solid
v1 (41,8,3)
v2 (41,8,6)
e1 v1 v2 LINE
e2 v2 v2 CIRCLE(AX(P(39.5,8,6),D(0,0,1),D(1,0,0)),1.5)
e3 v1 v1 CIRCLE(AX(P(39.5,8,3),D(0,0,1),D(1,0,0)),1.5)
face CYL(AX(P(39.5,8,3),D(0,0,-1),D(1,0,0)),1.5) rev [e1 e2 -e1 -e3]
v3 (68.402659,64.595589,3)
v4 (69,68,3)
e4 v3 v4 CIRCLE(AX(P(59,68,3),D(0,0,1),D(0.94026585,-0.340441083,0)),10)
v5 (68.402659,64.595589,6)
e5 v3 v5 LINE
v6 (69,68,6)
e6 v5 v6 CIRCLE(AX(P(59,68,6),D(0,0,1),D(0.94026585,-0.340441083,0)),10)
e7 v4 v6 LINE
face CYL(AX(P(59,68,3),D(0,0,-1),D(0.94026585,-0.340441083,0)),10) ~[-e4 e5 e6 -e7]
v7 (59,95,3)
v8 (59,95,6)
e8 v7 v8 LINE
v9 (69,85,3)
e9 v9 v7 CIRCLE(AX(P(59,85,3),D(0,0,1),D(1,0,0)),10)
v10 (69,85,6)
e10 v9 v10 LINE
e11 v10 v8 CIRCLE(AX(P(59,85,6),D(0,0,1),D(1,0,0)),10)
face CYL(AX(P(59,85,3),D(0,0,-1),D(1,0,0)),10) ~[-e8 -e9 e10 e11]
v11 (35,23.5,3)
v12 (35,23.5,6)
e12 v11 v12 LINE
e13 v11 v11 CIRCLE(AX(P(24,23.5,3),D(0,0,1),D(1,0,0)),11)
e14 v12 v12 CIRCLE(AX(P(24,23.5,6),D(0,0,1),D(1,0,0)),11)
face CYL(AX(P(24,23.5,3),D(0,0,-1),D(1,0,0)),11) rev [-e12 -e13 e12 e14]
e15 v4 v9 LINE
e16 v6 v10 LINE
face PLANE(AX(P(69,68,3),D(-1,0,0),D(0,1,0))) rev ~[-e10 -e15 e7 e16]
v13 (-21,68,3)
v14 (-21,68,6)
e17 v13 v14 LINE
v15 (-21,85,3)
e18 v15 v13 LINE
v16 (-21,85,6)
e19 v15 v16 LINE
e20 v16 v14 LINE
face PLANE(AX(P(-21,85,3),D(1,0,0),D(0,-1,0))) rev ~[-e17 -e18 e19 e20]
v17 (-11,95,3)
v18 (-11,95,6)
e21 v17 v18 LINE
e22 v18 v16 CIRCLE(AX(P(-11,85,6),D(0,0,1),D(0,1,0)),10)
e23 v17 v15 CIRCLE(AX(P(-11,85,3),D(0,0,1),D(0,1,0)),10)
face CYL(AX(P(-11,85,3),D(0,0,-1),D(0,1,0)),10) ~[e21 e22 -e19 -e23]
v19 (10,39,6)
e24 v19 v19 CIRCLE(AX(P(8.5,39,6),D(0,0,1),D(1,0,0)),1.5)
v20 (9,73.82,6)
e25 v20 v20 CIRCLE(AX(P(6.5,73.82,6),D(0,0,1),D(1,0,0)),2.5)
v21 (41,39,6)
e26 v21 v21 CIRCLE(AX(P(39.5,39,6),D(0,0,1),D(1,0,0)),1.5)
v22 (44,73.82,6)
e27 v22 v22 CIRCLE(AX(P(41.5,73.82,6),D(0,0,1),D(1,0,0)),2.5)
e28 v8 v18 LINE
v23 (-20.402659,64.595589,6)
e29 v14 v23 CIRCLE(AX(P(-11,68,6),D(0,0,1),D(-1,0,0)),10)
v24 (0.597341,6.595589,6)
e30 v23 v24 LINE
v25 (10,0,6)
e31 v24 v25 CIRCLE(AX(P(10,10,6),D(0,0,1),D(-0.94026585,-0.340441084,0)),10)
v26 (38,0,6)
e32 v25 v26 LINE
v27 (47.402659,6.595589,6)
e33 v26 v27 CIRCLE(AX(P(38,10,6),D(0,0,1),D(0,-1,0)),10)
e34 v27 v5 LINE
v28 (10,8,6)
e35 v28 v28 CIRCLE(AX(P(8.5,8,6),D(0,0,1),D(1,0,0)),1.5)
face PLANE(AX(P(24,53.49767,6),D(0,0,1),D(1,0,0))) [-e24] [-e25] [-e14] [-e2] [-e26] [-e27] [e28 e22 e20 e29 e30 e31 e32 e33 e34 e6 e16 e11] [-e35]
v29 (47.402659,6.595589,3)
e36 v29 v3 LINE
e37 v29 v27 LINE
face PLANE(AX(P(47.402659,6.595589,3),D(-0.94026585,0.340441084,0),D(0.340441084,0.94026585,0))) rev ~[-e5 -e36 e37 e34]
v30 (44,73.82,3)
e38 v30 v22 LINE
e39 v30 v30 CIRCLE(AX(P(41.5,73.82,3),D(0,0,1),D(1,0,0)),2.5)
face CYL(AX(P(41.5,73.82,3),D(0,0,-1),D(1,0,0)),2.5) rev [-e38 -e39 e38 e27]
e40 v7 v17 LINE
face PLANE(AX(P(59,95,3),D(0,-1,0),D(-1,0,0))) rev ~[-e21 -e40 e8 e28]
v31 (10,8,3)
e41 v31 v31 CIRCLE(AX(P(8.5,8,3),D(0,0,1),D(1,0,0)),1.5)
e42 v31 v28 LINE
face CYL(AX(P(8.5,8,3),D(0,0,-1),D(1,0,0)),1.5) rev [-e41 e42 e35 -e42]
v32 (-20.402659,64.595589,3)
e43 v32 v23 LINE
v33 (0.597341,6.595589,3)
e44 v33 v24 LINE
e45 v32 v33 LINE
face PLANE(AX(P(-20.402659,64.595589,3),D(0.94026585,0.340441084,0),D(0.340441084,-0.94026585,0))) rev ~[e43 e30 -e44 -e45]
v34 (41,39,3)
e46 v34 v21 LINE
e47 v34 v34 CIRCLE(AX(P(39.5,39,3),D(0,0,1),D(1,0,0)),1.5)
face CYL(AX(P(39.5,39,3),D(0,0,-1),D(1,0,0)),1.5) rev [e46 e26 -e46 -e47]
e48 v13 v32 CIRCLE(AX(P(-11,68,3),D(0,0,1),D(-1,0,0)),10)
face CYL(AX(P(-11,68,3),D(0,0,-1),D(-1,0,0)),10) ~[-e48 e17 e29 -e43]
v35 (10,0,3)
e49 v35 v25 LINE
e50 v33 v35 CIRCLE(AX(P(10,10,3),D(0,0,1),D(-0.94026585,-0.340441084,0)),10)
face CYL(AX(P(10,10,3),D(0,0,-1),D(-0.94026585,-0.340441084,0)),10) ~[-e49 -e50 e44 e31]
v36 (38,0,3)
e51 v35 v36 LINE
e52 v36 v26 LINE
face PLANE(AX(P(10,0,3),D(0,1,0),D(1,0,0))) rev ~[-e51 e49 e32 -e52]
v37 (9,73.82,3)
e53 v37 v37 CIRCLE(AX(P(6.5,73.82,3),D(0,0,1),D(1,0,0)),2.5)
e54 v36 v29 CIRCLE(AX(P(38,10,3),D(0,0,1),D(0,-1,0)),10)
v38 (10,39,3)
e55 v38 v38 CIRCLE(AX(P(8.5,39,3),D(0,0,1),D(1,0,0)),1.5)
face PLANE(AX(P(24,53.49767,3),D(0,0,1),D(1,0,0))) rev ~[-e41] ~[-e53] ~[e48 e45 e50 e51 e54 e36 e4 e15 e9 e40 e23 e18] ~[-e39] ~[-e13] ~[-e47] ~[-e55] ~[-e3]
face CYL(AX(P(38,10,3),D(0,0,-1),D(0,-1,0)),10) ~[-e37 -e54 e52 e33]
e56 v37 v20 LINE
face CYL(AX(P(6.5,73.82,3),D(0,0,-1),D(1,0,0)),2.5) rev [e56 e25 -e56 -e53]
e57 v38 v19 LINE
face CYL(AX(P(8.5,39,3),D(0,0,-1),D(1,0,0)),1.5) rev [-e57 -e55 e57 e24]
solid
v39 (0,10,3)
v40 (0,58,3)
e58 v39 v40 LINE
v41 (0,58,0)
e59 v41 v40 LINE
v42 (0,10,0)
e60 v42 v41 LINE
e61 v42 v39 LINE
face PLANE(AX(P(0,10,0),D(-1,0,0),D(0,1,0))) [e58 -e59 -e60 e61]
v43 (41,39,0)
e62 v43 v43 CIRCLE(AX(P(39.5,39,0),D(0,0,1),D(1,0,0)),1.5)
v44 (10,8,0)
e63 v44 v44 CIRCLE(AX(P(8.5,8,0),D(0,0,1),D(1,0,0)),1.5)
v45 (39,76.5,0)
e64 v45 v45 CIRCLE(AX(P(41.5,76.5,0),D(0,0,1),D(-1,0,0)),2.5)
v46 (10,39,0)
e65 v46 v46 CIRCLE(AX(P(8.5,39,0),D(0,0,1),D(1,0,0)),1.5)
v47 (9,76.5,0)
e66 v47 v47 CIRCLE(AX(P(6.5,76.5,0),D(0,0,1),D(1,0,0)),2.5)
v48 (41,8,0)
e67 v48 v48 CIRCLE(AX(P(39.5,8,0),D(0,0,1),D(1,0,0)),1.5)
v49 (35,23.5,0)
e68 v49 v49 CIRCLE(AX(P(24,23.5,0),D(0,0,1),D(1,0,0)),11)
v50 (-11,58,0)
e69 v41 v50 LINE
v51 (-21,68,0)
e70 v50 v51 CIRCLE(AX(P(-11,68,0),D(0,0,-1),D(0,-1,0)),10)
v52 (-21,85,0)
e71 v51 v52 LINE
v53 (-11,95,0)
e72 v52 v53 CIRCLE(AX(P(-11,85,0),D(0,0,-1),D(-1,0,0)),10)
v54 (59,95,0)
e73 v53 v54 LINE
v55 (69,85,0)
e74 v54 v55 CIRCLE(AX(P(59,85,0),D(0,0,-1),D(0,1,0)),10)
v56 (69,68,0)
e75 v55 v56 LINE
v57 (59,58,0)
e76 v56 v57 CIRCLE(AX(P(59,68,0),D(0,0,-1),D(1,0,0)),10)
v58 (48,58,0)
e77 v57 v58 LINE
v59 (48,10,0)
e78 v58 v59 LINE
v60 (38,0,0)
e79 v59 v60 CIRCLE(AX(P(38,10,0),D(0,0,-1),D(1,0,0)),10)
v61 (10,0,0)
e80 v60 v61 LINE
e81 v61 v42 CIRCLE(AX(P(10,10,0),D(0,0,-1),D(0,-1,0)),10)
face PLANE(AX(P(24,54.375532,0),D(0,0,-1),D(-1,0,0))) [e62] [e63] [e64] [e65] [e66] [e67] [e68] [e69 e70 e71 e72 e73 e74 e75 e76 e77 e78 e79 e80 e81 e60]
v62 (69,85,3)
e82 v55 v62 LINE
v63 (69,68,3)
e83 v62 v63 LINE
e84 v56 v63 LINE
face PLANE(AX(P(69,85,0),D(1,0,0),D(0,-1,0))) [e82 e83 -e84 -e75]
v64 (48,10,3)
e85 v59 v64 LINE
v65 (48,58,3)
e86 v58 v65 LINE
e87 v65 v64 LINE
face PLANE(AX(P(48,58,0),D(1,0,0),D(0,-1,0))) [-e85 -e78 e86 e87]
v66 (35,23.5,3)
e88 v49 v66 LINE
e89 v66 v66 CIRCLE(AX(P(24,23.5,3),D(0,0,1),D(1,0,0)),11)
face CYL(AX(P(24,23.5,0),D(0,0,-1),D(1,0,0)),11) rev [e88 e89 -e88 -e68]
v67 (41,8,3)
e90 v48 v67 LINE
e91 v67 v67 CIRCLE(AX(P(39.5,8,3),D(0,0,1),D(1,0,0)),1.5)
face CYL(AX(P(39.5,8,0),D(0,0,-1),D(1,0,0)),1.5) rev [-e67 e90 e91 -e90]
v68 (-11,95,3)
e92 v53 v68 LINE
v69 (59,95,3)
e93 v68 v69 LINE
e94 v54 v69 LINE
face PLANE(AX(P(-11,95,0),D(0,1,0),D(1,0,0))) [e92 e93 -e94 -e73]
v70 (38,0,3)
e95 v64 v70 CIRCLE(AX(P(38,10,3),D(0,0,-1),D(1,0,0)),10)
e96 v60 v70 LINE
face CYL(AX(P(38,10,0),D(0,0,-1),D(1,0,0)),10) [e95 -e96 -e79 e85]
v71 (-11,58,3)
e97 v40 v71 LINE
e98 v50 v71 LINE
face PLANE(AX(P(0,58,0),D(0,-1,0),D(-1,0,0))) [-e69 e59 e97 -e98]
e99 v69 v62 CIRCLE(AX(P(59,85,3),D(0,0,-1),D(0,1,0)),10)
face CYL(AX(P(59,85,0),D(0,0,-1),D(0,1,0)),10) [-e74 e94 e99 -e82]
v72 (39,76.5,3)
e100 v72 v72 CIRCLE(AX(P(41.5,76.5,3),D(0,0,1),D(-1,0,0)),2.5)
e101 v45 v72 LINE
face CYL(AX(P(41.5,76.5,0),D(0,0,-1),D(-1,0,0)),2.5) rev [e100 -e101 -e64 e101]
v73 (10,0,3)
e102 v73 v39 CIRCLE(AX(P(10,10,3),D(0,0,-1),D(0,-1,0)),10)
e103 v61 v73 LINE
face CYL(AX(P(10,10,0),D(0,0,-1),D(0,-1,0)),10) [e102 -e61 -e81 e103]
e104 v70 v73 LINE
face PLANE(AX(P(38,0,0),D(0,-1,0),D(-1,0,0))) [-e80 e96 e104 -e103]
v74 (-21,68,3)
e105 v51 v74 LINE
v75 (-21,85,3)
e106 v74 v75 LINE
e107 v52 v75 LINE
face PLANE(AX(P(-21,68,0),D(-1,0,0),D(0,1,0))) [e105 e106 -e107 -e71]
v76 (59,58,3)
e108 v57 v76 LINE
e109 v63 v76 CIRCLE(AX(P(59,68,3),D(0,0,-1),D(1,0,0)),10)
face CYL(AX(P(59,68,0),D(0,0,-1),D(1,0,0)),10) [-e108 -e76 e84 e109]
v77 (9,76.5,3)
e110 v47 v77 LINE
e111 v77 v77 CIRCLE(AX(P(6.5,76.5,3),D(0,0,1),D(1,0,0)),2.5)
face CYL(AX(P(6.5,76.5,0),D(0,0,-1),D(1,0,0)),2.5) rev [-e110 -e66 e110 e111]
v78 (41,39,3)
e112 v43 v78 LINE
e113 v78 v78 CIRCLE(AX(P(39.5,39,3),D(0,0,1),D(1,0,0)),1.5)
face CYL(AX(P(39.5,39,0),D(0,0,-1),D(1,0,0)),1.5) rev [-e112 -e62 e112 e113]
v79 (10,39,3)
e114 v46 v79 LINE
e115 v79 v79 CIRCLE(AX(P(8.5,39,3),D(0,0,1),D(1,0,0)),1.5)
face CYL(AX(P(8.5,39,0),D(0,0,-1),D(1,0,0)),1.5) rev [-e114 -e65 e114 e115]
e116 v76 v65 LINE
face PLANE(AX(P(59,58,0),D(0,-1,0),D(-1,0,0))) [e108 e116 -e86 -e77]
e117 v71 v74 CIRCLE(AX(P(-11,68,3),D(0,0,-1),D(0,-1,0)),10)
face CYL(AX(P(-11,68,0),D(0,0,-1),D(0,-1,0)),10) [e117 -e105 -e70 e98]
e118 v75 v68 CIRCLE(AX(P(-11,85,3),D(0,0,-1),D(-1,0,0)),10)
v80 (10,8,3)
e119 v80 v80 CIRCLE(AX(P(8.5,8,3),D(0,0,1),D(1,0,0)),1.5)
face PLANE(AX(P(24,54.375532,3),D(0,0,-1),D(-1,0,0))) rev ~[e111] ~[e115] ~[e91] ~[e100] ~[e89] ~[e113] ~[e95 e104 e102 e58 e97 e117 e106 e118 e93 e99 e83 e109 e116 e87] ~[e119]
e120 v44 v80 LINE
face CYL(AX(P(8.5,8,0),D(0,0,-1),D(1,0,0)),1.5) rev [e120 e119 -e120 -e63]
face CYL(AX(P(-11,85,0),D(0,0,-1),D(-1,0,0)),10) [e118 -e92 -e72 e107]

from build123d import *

# Parameters (mm, degrees)
CROQUIS1_R              = 1.5
CROQUIS1_R_2            = 2.5
CROQUIS1_R_3            = 11
SALIENTE_EXTRUIR1_DEPTH = 3
CROQUIS2_R              = 2.5
CROQUIS2_R_2            = 1.5
CROQUIS2_R_3            = 11
SALIENTE_EXTRUIR2_DEPTH = 3


with BuildPart() as part:
    # Croquis1 → Saliente-Extruir1 (new body)
    with BuildSketch(Plane.XY):
        with BuildLine():
            Line((0, 10), (0, 58))
            Line((0, 58), (-11, 58))
            ThreePointArc((-11, 58), (-18.071067812, 60.928932188), (-21, 68))
            Line((-21, 68), (-21, 85))
            ThreePointArc((-21, 85), (-18.071067812, 92.071067812), (-11, 95))
            Line((-11, 95), (59, 95))
            ThreePointArc((59, 95), (66.071067812, 92.071067812), (69, 85))
            Line((69, 85), (69, 68))
            ThreePointArc((69, 68), (66.071067812, 60.928932188), (59, 58))
            Line((59, 58), (48, 58))
            Line((48, 58), (48, 10))
            ThreePointArc((48, 10), (45.071067812, 2.928932188), (38, 0))
            Line((38, 0), (10, 0))
            ThreePointArc((10, 0), (2.928932188, 2.928932188), (0, 10))
        make_face()
        with Locations((8.5, 39)):
            Circle(CROQUIS1_R, mode=Mode.SUBTRACT)
        with Locations((39.5, 39)):
            Circle(CROQUIS1_R, mode=Mode.SUBTRACT)
        with Locations((39.5, 8)):
            Circle(CROQUIS1_R, mode=Mode.SUBTRACT)
        with Locations((8.5, 8)):
            Circle(CROQUIS1_R, mode=Mode.SUBTRACT)
        with Locations((6.5, 76.5)):
            Circle(CROQUIS1_R_2, mode=Mode.SUBTRACT)
        with Locations(Location((41.5, 76.5, 0), (0, 0, 180))):
            Circle(CROQUIS1_R_2, mode=Mode.SUBTRACT)
        with Locations((24, 23.5)):
            Circle(CROQUIS1_R_3, mode=Mode.SUBTRACT)
    extrude(amount=SALIENTE_EXTRUIR1_DEPTH)


with BuildPart() as body_2:
    # Croquis2 → Saliente-Extruir2 (new body)
    with BuildSketch(Plane.XY.offset(3)):
        with BuildLine():
            Line((-20.4026585, 64.595589164), (0.5973415, 6.595589164))
            ThreePointArc((0.5973415, 6.595589164), (4.257357244, 1.813300165), (10, 0))
            Line((10, 0), (38, 0))
            ThreePointArc((38, 0), (43.742642756, 1.813300165), (47.4026585, 6.595589164))
            Line((47.4026585, 6.595589164), (68.4026585, 64.595589164))
            ThreePointArc((68.4026585, 64.595589164), (68.849532603, 66.271790666), (69, 68))
            Line((69, 68), (69, 85))
            ThreePointArc((69, 85), (66.071067812, 92.071067812), (59, 95))
            Line((59, 95), (-11, 95))
            ThreePointArc((-11, 95), (-18.071067812, 92.071067812), (-21, 85))
            Line((-21, 85), (-21, 68))
            ThreePointArc((-21, 68), (-20.849532603, 66.271790666), (-20.4026585, 64.595589164))
        make_face()
        with Locations((41.5, 73.82)):
            Circle(CROQUIS2_R, mode=Mode.SUBTRACT)
        with Locations((8.5, 8)):
            Circle(CROQUIS2_R_2, mode=Mode.SUBTRACT)
        with Locations((8.5, 39)):
            Circle(CROQUIS2_R_2, mode=Mode.SUBTRACT)
        with Locations((39.5, 8)):
            Circle(CROQUIS2_R_2, mode=Mode.SUBTRACT)
        with Locations((24, 23.5)):
            Circle(CROQUIS2_R_3, mode=Mode.SUBTRACT)
        with Locations((39.5, 39)):
            Circle(CROQUIS2_R_2, mode=Mode.SUBTRACT)
        with Locations((6.5, 73.82)):
            Circle(CROQUIS2_R, mode=Mode.SUBTRACT)
    extrude(amount=SALIENTE_EXTRUIR2_DEPTH)


solid = Compound([part.part, body_2.part])
